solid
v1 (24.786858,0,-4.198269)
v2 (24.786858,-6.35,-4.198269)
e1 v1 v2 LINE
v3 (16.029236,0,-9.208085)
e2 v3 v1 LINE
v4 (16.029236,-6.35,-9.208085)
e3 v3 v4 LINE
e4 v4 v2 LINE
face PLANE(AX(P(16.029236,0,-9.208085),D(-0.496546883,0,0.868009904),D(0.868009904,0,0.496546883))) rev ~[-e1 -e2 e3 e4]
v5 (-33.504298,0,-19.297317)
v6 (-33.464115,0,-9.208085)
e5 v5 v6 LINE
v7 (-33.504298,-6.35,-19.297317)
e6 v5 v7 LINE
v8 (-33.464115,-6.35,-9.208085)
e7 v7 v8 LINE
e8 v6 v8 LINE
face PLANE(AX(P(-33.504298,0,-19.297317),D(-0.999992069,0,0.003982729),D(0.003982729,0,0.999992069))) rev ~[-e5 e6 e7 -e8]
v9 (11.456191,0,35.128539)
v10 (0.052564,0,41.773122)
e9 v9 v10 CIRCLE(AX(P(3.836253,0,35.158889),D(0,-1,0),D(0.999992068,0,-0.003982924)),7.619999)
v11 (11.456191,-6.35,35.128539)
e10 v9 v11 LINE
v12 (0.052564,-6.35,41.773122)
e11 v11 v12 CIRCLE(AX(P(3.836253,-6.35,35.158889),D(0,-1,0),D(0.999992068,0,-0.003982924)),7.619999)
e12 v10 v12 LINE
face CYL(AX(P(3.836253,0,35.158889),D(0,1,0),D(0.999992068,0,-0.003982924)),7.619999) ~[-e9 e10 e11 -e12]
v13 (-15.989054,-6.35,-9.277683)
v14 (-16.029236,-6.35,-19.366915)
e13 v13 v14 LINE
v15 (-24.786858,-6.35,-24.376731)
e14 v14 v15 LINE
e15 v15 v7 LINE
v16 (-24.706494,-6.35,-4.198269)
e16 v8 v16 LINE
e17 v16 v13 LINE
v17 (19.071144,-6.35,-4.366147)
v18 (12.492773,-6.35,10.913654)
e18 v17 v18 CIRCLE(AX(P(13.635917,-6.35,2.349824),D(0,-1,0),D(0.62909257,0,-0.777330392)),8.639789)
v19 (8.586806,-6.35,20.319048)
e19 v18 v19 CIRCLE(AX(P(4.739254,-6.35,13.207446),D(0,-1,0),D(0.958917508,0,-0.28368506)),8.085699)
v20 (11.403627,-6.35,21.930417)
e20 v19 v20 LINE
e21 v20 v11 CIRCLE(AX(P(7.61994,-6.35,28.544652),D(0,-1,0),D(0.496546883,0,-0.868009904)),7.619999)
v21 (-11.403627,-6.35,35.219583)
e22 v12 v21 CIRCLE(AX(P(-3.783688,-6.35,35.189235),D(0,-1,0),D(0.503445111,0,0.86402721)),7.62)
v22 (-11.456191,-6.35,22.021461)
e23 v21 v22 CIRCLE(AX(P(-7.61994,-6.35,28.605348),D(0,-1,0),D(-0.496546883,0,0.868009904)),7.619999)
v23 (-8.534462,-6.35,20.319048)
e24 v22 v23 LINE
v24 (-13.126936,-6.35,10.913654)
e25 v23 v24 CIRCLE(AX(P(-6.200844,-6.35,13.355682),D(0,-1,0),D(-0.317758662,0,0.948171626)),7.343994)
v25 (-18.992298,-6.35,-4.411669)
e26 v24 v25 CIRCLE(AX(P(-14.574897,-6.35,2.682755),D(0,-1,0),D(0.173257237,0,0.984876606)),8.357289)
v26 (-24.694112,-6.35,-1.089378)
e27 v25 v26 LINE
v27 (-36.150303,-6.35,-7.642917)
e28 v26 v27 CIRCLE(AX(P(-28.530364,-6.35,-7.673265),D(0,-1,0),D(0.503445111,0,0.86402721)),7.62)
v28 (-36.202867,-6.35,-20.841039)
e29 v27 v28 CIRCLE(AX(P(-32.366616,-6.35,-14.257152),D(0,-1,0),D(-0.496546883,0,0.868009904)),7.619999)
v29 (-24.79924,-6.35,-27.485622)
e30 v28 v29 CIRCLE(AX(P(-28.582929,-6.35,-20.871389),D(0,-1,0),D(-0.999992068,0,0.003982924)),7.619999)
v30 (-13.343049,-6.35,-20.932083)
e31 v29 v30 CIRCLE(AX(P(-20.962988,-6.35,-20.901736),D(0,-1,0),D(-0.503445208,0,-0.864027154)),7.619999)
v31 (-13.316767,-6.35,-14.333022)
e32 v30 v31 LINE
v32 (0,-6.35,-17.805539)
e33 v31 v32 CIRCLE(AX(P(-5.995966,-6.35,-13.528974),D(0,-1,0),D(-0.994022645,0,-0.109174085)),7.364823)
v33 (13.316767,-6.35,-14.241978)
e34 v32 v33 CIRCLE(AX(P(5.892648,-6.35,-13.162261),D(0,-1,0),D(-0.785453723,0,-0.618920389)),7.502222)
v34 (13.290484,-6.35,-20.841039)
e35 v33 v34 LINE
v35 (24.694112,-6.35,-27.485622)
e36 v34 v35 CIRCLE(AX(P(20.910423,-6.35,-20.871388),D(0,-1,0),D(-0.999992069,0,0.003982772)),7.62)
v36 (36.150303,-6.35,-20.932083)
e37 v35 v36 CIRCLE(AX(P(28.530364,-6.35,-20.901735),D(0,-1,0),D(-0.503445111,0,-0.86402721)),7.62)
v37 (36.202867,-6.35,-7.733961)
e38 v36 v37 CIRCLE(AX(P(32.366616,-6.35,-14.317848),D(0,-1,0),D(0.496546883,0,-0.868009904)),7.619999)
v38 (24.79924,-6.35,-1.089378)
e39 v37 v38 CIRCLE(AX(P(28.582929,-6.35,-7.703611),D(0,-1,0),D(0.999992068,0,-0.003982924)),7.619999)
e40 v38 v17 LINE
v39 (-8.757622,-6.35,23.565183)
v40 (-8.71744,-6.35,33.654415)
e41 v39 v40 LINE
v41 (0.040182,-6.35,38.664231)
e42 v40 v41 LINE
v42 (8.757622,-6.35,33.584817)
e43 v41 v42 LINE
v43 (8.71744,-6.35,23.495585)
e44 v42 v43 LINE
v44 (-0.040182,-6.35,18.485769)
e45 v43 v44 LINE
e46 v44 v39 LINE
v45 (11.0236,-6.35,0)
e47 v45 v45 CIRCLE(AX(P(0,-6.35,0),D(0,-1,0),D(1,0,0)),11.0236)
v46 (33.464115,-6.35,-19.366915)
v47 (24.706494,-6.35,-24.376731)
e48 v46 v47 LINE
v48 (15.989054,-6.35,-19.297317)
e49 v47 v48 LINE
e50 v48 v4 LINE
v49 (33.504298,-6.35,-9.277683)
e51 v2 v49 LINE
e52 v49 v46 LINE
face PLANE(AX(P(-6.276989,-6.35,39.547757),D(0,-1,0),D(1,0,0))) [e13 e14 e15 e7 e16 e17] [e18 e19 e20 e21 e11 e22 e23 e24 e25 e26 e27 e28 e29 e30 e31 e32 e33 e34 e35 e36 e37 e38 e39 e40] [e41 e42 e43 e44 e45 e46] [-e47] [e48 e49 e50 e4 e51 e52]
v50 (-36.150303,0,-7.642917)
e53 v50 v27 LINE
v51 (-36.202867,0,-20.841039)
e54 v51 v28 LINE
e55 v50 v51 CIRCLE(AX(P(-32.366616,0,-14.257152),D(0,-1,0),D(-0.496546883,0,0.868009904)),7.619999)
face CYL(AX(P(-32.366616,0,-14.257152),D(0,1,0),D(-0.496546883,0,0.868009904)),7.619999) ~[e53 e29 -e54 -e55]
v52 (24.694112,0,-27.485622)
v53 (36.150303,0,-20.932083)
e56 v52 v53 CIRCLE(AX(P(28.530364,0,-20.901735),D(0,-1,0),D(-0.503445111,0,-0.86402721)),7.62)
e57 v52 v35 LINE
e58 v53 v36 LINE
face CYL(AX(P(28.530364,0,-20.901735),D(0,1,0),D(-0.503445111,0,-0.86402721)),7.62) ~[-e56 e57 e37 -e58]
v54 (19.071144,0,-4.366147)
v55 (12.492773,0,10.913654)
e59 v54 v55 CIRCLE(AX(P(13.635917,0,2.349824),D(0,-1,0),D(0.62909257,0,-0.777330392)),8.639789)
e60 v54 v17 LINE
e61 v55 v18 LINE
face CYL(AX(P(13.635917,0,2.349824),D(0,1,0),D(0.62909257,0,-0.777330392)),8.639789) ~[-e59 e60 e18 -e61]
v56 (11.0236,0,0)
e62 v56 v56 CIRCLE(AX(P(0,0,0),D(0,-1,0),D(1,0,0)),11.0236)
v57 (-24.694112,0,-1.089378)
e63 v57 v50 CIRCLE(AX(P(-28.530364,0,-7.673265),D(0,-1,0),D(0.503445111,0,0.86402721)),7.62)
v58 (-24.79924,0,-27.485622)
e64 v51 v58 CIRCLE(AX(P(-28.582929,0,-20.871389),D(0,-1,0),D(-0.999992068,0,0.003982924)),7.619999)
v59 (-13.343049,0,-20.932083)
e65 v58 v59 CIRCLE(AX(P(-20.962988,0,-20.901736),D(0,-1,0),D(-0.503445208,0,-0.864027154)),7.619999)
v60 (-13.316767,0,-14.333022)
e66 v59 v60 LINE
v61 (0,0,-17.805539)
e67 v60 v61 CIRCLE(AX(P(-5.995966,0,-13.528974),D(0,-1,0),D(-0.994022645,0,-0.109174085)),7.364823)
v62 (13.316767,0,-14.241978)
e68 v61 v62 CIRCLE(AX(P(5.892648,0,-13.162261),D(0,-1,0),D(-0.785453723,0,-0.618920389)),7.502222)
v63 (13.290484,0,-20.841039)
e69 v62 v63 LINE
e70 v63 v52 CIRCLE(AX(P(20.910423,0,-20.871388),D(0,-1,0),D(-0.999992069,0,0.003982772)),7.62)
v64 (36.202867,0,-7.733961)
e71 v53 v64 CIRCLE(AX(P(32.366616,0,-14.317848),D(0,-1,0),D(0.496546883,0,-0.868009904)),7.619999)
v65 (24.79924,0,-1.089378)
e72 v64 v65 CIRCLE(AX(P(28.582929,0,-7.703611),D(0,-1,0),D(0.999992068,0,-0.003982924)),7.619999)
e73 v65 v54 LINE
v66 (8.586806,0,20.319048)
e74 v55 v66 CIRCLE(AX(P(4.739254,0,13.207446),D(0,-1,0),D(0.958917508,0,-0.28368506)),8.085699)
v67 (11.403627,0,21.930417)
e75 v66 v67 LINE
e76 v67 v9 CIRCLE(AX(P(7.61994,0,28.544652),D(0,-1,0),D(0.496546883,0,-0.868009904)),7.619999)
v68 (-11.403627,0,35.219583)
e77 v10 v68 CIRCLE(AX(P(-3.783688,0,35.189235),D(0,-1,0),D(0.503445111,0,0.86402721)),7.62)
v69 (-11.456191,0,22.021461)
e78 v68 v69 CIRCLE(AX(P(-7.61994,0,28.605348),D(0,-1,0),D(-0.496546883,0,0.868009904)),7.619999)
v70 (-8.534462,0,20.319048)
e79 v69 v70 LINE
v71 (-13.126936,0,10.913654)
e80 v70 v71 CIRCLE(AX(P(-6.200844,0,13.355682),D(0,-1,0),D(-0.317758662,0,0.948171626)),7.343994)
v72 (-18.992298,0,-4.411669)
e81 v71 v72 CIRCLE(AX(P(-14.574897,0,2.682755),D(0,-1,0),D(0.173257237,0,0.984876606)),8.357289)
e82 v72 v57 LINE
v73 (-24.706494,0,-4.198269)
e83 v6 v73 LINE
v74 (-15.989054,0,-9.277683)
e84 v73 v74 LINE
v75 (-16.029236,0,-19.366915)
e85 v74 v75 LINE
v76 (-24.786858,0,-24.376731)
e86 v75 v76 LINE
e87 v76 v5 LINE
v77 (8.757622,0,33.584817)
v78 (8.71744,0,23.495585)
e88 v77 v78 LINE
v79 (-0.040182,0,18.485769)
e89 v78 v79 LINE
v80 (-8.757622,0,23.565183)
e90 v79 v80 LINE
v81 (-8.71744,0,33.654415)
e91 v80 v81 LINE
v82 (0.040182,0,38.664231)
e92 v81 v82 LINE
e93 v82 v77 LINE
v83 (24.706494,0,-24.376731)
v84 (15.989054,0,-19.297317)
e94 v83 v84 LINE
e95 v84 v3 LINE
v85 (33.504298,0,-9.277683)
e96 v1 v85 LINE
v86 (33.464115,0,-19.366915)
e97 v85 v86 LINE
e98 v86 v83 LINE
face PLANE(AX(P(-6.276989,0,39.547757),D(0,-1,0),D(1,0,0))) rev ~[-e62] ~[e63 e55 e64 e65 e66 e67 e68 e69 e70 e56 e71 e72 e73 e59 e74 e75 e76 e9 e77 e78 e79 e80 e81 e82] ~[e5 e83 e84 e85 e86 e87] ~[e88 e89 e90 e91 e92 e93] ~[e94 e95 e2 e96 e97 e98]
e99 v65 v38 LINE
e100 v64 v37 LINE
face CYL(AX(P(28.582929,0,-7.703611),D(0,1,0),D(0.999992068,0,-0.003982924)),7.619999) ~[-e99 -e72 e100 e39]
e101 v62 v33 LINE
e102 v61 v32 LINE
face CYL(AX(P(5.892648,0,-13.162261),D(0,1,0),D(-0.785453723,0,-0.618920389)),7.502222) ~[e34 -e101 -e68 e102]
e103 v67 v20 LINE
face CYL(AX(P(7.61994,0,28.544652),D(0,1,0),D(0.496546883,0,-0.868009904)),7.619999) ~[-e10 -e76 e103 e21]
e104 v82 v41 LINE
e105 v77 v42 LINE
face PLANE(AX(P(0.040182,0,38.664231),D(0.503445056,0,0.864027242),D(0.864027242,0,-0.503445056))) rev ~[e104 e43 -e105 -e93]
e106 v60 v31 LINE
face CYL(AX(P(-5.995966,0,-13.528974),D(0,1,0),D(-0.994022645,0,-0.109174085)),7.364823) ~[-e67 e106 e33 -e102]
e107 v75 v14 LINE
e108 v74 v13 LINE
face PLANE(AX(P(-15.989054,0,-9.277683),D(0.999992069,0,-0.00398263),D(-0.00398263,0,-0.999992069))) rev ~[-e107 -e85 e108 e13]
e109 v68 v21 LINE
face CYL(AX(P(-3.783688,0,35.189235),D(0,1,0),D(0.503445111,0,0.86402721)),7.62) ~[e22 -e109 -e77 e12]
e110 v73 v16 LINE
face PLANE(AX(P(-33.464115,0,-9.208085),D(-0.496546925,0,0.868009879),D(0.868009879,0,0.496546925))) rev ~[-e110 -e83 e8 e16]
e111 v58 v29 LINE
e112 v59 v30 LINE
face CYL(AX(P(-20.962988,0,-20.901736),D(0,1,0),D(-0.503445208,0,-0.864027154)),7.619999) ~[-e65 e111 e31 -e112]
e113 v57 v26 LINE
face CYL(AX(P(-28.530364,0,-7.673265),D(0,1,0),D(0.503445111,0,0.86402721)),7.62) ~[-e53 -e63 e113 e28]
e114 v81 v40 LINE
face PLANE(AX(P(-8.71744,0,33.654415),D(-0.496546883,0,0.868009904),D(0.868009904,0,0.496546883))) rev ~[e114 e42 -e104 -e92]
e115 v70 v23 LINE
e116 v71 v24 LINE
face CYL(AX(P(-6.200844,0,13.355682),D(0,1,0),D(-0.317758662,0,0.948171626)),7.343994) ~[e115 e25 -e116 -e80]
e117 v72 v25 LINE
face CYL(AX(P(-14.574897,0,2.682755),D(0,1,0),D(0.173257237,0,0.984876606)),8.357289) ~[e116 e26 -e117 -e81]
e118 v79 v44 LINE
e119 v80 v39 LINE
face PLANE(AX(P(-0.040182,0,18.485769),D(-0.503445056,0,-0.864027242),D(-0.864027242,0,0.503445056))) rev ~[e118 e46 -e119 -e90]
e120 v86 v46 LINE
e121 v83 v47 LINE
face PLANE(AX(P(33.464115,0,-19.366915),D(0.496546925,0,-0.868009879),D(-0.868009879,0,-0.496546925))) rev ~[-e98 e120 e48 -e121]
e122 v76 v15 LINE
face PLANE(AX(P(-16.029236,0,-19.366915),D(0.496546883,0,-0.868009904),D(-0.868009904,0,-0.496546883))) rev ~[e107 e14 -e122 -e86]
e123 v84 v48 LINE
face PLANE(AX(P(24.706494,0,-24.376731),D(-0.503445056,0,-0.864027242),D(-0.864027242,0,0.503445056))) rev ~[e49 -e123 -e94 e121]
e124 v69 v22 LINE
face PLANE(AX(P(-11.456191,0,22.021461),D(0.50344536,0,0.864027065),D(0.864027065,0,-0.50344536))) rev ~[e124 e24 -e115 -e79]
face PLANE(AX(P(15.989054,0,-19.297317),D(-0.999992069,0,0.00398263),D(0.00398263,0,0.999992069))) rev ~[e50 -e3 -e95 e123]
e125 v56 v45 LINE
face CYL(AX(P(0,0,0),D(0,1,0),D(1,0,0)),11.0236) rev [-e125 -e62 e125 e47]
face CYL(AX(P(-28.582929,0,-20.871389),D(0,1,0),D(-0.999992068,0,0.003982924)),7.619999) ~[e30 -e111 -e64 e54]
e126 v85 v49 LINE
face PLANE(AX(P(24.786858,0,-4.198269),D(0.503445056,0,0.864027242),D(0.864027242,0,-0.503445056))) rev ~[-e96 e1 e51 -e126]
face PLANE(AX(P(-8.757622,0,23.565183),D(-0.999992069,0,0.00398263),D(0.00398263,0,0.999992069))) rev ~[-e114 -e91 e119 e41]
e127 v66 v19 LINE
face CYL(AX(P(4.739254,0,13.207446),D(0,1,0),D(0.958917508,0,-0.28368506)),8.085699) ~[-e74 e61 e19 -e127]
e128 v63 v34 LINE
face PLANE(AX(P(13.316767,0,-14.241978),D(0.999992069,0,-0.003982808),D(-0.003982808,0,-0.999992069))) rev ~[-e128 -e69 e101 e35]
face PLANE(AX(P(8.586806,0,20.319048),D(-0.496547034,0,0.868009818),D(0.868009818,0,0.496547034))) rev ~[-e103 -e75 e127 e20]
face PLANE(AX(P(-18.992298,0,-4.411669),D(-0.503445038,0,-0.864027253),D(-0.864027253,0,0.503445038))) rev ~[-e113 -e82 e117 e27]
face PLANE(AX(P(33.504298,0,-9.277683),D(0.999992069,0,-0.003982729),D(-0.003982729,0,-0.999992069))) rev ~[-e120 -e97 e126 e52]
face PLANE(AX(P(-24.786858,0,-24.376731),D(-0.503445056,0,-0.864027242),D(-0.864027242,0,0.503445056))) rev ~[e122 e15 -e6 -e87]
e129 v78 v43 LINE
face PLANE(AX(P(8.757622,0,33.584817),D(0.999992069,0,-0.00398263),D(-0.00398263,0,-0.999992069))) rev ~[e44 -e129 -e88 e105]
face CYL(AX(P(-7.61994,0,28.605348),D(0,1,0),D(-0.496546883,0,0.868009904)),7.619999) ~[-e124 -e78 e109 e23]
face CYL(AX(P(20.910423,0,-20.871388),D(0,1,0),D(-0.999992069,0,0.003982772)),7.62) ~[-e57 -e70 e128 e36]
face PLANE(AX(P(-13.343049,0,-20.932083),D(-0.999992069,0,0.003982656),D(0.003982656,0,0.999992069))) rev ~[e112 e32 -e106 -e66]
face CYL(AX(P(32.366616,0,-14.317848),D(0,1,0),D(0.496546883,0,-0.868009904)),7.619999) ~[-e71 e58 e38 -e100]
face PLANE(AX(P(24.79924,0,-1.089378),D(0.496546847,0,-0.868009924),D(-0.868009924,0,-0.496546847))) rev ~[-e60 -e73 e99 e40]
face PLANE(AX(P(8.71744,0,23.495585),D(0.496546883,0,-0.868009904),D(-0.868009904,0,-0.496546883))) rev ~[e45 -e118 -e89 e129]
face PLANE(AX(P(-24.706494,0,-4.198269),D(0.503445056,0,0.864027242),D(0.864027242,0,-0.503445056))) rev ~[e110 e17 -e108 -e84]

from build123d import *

# Parameters (mm, degrees)
F0_R     = 14.2875
F0_R_2   = 11.0236
F1_DEPTH = 6.35


with BuildPart() as f1:
    # F0 (on Front) → F1 (new body)
    with BuildSketch(Plane.XZ):
        with BuildLine():
            ThreePointArc((0.052564, 41.773122), (-7.567375, 41.80347), (-11.403627, 35.219583))
            Line((-11.403627, 35.219583), (0.052564, 41.773122))
        make_face()
        Polygon((0.052564, 41.773122), (-11.403627, 35.219583), (-11.456191, 22.021461), (-8.534462, 20.319048), (-0.052564, 15.376878), (8.586806, 20.319048), (11.403627, 21.930417), (11.456191, 35.128539), align=None)
        Polygon((-8.757622, 23.565183), (-8.71744, 33.654415), (0.040182, 38.664231), (8.757622, 33.584817), (8.71744, 23.495585), (-0.040182, 18.485769), align=None, mode=Mode.SUBTRACT)
        with BuildLine():
            Line((-11.456191, 22.021461), (-11.403627, 35.219583))
            ThreePointArc((-11.403627, 35.219583), (-15.239879, 28.635696), (-11.456191, 22.021461))
        make_face()
        with BuildLine():
            ThreePointArc((11.456191, 35.128539), (7.672504, 41.742775), (0.052564, 41.773122))
            Line((0.052564, 41.773122), (11.456191, 35.128539))
        make_face()
        with BuildLine():
            ThreePointArc((11.403627, 21.930417), (15.239879, 28.514304), (11.456191, 35.128539))
            Line((11.456191, 35.128539), (11.403627, 21.930417))
        make_face()
        with BuildLine():
            Line((-0.052564, 15.376878), (-8.534462, 20.319048))
            ThreePointArc((-8.534462, 20.319048), (-12.800156, 16.577999), (-13.126936, 10.913654))
            ThreePointArc((-13.126936, 10.913654), (-22.380073, 5.66998), (-18.992298, -4.411669))
            Line((-18.992298, -4.411669), (-13.290484, -7.733961))
            Line((-13.290484, -7.733961), (-13.316767, -14.333022))
            ThreePointArc((-13.316767, -14.333022), (-7.854296, -20.65549), (0, -17.805539))
            ThreePointArc((0, -17.805539), (7.832001, -20.409484), (13.316767, -14.241978))
            Line((13.316767, -14.241978), (13.343049, -7.642917))
            Line((13.343049, -7.642917), (19.071144, -4.366147))
            ThreePointArc((19.071144, -4.366147), (21.571506, 5.766311), (12.492773, 10.913654))
            ThreePointArc((12.492773, 10.913654), (12.206621, 16.30857), (8.586806, 20.319048))
            Line((8.586806, 20.319048), (-0.052564, 15.376878))
        make_face()
        Circle(F0_R, mode=Mode.SUBTRACT)
        Polygon((-13.290484, -7.733961), (-18.992298, -4.411669), (-24.694112, -1.089378), (-36.150303, -7.642917), (-36.202867, -20.841039), (-24.79924, -27.485622), (-13.343049, -20.932083), (-13.316767, -14.333022), align=None)
        Polygon((-33.464115, -9.208085), (-24.706494, -4.198269), (-15.989054, -9.277683), (-16.029236, -19.366915), (-24.786858, -24.376731), (-33.504298, -19.297317), align=None, mode=Mode.SUBTRACT)
        with BuildLine():
            Line((-36.150303, -7.642917), (-24.694112, -1.089378))
            ThreePointArc((-24.694112, -1.089378), (-32.314051, -1.05903), (-36.150303, -7.642917))
        make_face()
        Polygon((24.79924, -1.089378), (19.071144, -4.366147), (13.343049, -7.642917), (13.316767, -14.241978), (13.290484, -20.841039), (24.694112, -27.485622), (36.150303, -20.932083), (36.202867, -7.733961), align=None)
        Polygon((24.706494, -24.376731), (15.989054, -19.297317), (16.029236, -9.208085), (24.786858, -4.198269), (33.504298, -9.277683), (33.464115, -19.366915), align=None, mode=Mode.SUBTRACT)
        with BuildLine():
            Line((-36.202867, -20.841039), (-36.150303, -7.642917))
            ThreePointArc((-36.150303, -7.642917), (-39.986555, -14.226804), (-36.202867, -20.841039))
        make_face()
        with BuildLine():
            ThreePointArc((36.202867, -7.733961), (32.41918, -1.119725), (24.79924, -1.089378))
            Line((24.79924, -1.089378), (36.202867, -7.733961))
        make_face()
        with BuildLine():
            Line((-24.79924, -27.485622), (-36.202867, -20.841039))
            ThreePointArc((-36.202867, -20.841039), (-32.41918, -27.455275), (-24.79924, -27.485622))
        make_face()
        with BuildLine():
            ThreePointArc((-24.79924, -27.485622), (-17.1793, -27.51597), (-13.343049, -20.932083))
            Line((-13.343049, -20.932083), (-24.79924, -27.485622))
        make_face()
        with BuildLine():
            ThreePointArc((36.150303, -20.932083), (39.986555, -14.348196), (36.202867, -7.733961))
            Line((36.202867, -7.733961), (36.150303, -20.932083))
        make_face()
        with BuildLine():
            Line((24.694112, -27.485622), (13.290484, -20.841039))
            ThreePointArc((13.290484, -20.841039), (17.074172, -27.455275), (24.694112, -27.485622))
        make_face()
        with BuildLine():
            ThreePointArc((24.694112, -27.485622), (32.314051, -27.51597), (36.150303, -20.932083))
            Line((36.150303, -20.932083), (24.694112, -27.485622))
        make_face()
        Circle(F0_R)
        Circle(F0_R_2, mode=Mode.SUBTRACT)
    extrude(amount=F1_DEPTH)


solid = f1.part
